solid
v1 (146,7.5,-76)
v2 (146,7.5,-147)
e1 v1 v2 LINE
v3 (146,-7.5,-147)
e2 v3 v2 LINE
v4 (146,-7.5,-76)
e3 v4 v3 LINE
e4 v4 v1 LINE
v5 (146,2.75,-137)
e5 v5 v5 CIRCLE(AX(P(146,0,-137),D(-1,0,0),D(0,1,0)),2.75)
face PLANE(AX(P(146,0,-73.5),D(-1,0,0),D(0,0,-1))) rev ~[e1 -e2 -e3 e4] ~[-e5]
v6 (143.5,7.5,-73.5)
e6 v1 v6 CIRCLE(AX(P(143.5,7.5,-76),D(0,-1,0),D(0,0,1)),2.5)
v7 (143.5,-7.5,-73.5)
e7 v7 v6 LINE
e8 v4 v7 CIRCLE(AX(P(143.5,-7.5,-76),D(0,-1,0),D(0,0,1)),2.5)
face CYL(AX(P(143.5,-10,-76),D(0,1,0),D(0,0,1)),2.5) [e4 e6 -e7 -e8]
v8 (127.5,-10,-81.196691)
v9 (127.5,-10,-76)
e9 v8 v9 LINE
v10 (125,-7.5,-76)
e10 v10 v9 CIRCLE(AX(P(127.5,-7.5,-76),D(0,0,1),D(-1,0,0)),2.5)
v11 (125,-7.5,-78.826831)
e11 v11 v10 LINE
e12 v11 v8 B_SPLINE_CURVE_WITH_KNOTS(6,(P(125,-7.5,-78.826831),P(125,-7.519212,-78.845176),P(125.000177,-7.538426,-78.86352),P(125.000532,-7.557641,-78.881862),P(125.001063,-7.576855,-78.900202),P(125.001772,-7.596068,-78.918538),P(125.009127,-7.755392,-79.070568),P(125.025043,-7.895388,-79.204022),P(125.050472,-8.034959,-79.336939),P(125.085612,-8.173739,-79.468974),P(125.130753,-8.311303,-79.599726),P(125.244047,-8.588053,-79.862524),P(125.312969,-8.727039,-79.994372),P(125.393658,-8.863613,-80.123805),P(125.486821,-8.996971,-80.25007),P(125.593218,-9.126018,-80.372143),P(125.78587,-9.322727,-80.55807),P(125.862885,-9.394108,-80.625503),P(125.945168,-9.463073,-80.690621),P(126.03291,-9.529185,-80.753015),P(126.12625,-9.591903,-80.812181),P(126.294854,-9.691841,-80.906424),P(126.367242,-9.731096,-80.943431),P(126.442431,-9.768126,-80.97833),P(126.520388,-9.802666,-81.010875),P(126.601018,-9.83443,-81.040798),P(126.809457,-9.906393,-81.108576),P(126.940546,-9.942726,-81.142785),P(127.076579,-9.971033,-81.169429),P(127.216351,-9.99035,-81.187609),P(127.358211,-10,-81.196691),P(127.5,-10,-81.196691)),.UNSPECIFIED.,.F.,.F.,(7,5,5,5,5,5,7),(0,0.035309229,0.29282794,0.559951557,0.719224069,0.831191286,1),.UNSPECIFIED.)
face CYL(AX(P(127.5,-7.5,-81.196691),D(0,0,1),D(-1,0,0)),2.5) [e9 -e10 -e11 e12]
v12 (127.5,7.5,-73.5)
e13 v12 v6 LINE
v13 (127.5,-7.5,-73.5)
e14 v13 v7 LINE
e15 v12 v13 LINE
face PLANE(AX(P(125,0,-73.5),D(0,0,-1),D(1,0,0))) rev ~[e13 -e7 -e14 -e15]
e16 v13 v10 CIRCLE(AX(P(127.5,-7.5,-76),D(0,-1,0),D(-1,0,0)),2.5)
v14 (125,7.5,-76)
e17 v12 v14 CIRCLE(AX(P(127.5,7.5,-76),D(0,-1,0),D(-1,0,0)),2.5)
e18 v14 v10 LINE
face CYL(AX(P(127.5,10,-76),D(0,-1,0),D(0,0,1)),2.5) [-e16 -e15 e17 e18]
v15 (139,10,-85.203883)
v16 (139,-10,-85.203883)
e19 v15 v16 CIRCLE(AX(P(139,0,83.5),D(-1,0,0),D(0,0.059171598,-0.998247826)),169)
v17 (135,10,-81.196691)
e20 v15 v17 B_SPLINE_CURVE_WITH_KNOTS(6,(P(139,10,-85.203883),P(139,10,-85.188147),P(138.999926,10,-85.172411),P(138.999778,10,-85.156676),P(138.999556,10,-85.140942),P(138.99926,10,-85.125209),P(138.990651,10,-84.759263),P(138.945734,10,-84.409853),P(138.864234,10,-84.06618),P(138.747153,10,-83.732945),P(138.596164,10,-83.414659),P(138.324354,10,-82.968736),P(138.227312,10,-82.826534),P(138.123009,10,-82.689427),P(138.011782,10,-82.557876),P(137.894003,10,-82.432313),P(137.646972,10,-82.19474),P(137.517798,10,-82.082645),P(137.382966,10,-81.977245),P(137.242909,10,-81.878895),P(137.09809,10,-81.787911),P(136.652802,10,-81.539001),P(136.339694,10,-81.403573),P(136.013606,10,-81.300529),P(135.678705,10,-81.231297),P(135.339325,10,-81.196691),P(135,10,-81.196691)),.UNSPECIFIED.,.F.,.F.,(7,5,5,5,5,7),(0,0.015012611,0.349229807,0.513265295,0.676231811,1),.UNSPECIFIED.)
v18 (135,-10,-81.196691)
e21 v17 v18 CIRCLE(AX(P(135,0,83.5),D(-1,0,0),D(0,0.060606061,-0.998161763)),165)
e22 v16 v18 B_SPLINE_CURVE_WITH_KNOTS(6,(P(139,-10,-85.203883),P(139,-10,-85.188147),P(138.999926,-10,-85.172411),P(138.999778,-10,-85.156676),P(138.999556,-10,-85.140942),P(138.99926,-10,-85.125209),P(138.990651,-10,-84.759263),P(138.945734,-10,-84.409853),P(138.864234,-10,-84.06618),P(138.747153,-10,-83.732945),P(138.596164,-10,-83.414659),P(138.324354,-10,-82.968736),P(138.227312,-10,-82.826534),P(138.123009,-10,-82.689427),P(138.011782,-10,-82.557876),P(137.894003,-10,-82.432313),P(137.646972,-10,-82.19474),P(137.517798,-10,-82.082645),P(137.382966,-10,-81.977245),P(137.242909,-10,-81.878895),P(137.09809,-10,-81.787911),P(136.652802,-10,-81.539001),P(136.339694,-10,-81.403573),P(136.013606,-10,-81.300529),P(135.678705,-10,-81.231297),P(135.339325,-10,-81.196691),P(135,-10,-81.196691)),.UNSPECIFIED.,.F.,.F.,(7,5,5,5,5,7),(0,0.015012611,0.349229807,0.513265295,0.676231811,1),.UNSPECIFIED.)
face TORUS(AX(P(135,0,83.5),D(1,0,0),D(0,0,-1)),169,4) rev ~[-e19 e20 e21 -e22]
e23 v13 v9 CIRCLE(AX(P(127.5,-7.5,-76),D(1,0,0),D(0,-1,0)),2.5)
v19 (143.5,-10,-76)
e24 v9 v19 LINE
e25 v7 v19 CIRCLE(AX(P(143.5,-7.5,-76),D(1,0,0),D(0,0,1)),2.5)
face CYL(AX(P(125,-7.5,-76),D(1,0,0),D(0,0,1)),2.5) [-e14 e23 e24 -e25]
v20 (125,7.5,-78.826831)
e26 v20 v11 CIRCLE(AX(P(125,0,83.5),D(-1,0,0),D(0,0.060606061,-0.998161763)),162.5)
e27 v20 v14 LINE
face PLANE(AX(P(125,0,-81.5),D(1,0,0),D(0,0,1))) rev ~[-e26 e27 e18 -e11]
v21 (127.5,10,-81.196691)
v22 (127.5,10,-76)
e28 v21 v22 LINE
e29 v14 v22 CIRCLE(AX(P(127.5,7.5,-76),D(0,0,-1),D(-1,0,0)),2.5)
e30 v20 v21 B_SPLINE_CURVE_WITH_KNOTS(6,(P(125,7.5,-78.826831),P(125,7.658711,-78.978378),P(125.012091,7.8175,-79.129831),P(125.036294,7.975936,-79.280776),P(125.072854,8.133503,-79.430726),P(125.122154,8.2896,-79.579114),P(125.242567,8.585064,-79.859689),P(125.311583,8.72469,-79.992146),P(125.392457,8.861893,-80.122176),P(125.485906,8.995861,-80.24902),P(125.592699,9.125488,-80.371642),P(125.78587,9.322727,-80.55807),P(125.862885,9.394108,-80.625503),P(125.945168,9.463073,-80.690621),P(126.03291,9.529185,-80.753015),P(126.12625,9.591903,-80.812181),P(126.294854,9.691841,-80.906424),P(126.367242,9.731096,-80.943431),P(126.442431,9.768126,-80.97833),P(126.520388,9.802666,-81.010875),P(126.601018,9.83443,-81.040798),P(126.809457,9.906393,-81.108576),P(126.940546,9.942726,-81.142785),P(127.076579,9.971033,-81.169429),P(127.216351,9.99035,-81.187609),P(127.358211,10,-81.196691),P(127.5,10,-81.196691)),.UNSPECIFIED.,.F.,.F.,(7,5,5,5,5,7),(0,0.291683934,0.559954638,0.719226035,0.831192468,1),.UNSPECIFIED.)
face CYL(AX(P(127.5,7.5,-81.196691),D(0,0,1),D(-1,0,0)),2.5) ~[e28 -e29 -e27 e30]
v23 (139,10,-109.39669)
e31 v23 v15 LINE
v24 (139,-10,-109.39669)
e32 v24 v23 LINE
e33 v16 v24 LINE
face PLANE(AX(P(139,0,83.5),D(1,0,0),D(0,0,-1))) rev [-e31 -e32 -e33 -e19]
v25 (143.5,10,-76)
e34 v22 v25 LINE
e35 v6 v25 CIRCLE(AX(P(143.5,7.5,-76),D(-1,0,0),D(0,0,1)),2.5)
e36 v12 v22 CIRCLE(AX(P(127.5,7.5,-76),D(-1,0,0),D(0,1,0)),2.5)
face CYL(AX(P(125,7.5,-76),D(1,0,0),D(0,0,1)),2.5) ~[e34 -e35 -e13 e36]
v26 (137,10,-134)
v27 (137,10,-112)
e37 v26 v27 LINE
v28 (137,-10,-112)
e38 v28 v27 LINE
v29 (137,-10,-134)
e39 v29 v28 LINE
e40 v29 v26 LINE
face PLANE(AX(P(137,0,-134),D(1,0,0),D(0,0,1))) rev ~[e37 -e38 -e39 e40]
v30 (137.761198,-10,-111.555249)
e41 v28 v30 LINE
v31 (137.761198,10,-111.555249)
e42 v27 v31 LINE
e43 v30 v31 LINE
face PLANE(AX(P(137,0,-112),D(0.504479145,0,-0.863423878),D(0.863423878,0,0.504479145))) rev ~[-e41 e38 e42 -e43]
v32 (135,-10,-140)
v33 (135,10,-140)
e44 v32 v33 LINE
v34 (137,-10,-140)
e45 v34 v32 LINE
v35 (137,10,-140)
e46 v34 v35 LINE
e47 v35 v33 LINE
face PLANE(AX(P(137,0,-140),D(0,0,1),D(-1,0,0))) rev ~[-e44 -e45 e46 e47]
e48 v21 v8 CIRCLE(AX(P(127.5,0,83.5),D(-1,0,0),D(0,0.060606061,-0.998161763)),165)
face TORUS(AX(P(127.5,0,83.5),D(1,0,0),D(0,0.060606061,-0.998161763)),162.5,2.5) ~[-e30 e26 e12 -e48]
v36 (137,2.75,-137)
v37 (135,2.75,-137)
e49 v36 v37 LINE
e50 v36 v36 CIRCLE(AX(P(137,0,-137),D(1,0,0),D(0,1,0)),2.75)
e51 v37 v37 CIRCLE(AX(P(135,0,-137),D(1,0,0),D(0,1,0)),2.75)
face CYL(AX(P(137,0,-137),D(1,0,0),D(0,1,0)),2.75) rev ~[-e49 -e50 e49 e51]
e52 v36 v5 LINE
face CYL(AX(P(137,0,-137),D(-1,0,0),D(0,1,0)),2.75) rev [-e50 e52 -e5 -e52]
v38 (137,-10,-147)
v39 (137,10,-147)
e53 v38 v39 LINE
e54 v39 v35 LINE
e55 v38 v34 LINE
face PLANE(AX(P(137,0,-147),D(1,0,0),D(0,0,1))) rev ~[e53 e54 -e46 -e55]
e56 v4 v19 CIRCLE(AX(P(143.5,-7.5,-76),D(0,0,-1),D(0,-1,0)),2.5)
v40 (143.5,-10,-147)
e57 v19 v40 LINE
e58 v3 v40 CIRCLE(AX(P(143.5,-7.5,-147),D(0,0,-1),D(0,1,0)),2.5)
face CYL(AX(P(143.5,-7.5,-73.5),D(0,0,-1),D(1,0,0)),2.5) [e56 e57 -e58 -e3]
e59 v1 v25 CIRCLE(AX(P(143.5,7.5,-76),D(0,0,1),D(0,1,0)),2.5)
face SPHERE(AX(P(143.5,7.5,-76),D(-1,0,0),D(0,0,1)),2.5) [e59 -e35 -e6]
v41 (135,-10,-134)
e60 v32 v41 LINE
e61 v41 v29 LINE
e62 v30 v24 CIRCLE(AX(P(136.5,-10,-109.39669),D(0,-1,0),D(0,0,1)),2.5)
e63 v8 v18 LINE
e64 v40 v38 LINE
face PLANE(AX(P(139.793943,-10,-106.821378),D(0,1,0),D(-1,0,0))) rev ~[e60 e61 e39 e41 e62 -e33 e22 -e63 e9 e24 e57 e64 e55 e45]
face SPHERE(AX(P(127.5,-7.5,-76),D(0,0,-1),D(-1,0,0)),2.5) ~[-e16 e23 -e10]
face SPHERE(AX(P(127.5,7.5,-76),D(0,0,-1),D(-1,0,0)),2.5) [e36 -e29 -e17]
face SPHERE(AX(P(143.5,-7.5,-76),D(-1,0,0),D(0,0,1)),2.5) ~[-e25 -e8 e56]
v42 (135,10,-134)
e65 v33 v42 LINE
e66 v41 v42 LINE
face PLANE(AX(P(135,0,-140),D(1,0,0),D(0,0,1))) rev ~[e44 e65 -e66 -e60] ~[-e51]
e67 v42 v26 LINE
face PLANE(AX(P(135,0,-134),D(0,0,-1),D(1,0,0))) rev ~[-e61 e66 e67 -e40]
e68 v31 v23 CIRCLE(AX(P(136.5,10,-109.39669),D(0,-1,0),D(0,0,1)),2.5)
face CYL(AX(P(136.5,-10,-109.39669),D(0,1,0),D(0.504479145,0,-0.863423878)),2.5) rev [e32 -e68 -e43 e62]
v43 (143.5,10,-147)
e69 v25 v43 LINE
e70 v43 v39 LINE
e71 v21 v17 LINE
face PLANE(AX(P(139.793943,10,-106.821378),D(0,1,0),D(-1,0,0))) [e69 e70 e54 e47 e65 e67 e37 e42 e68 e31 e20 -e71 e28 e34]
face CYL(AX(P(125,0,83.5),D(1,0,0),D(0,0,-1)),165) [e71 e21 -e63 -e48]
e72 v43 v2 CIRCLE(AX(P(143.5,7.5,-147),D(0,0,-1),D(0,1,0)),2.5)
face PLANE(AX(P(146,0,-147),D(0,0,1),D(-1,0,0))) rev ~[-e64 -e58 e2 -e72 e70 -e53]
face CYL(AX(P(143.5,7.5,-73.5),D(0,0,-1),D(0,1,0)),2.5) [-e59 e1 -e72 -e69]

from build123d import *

# Parameters (mm, degrees)
PAD063_DEPTH         = 10
SKETCH257_R          = 2.75
POCKET173_DEPTH      = 12.001
POCKET173_DEPTH_BACK = 9.001
FILLET011_R          = 2.5


with BuildPart() as part:
    # Sketch256 → Pad063 (new body, symmetric)
    with BuildSketch(Plane.XZ):
        Polygon((-12, 8.5), (9, 8.5), (9, -65), (0, -65), (0, -58), (-2, -58), (-2, -52), (0, -52), (0, -30), (2, -28.831445), (2, -3.5), (-2, 0.5), (-12, 0.5), align=None)
    extrude(amount=PAD063_DEPTH, both=True)

    # Sketch258 → Groove007 (revolve, cut)
    with BuildSketch(Plane.XZ):
        with BuildLine():
            Line((-12, 0.5), (-12, -8.5))
            Line((-12, -8.5), (2, -8.5))
            Line((2, -3.5), (2, -8.5))
            ThreePointArc((2, -3.5), (0.828427, -0.671573), (-2, 0.5))
            Line((-12, 0.5), (-2, 0.5))
        make_face()
    revolve(axis=Axis((0, 0, 165.5), (1, 0, 0)), mode=Mode.SUBTRACT)

    # Sketch257 → Pocket173 (cut, two sides)
    with BuildSketch(Plane.YZ) as pocket173_sk:
        with Locations((0, -55)):
            Circle(SKETCH257_R)
    extrude(amount=-POCKET173_DEPTH, mode=Mode.SUBTRACT)
    extrude(pocket173_sk.sketch, amount=POCKET173_DEPTH_BACK, mode=Mode.SUBTRACT)

    # Fillet011
    fillet011_edges = [part.edges().sort_by_distance(p)[0] for p in [
        (-12, -5.002299, 0.575845),
        (-12, 5.002299, 0.575845),
        (-12, 10, 4.651655),
        (-12, -10, 4.651655),
        (-12, 0, 8.5),
        (-1.5, -10, 8.5),
        (-1.5, 10, 8.5),
        (9, 0, 8.5),
        (9, 10, -28.25),
        (9, -10, -28.25),
        (2, 0, -28.831445),
    ]]
    fillet(fillet011_edges, radius=FILLET011_R)


with BuildPart() as part_1:
    # Body022056 placement: moved
    add(part.part.moved(Location((137, 0, -82))))


solid = part_1.part
